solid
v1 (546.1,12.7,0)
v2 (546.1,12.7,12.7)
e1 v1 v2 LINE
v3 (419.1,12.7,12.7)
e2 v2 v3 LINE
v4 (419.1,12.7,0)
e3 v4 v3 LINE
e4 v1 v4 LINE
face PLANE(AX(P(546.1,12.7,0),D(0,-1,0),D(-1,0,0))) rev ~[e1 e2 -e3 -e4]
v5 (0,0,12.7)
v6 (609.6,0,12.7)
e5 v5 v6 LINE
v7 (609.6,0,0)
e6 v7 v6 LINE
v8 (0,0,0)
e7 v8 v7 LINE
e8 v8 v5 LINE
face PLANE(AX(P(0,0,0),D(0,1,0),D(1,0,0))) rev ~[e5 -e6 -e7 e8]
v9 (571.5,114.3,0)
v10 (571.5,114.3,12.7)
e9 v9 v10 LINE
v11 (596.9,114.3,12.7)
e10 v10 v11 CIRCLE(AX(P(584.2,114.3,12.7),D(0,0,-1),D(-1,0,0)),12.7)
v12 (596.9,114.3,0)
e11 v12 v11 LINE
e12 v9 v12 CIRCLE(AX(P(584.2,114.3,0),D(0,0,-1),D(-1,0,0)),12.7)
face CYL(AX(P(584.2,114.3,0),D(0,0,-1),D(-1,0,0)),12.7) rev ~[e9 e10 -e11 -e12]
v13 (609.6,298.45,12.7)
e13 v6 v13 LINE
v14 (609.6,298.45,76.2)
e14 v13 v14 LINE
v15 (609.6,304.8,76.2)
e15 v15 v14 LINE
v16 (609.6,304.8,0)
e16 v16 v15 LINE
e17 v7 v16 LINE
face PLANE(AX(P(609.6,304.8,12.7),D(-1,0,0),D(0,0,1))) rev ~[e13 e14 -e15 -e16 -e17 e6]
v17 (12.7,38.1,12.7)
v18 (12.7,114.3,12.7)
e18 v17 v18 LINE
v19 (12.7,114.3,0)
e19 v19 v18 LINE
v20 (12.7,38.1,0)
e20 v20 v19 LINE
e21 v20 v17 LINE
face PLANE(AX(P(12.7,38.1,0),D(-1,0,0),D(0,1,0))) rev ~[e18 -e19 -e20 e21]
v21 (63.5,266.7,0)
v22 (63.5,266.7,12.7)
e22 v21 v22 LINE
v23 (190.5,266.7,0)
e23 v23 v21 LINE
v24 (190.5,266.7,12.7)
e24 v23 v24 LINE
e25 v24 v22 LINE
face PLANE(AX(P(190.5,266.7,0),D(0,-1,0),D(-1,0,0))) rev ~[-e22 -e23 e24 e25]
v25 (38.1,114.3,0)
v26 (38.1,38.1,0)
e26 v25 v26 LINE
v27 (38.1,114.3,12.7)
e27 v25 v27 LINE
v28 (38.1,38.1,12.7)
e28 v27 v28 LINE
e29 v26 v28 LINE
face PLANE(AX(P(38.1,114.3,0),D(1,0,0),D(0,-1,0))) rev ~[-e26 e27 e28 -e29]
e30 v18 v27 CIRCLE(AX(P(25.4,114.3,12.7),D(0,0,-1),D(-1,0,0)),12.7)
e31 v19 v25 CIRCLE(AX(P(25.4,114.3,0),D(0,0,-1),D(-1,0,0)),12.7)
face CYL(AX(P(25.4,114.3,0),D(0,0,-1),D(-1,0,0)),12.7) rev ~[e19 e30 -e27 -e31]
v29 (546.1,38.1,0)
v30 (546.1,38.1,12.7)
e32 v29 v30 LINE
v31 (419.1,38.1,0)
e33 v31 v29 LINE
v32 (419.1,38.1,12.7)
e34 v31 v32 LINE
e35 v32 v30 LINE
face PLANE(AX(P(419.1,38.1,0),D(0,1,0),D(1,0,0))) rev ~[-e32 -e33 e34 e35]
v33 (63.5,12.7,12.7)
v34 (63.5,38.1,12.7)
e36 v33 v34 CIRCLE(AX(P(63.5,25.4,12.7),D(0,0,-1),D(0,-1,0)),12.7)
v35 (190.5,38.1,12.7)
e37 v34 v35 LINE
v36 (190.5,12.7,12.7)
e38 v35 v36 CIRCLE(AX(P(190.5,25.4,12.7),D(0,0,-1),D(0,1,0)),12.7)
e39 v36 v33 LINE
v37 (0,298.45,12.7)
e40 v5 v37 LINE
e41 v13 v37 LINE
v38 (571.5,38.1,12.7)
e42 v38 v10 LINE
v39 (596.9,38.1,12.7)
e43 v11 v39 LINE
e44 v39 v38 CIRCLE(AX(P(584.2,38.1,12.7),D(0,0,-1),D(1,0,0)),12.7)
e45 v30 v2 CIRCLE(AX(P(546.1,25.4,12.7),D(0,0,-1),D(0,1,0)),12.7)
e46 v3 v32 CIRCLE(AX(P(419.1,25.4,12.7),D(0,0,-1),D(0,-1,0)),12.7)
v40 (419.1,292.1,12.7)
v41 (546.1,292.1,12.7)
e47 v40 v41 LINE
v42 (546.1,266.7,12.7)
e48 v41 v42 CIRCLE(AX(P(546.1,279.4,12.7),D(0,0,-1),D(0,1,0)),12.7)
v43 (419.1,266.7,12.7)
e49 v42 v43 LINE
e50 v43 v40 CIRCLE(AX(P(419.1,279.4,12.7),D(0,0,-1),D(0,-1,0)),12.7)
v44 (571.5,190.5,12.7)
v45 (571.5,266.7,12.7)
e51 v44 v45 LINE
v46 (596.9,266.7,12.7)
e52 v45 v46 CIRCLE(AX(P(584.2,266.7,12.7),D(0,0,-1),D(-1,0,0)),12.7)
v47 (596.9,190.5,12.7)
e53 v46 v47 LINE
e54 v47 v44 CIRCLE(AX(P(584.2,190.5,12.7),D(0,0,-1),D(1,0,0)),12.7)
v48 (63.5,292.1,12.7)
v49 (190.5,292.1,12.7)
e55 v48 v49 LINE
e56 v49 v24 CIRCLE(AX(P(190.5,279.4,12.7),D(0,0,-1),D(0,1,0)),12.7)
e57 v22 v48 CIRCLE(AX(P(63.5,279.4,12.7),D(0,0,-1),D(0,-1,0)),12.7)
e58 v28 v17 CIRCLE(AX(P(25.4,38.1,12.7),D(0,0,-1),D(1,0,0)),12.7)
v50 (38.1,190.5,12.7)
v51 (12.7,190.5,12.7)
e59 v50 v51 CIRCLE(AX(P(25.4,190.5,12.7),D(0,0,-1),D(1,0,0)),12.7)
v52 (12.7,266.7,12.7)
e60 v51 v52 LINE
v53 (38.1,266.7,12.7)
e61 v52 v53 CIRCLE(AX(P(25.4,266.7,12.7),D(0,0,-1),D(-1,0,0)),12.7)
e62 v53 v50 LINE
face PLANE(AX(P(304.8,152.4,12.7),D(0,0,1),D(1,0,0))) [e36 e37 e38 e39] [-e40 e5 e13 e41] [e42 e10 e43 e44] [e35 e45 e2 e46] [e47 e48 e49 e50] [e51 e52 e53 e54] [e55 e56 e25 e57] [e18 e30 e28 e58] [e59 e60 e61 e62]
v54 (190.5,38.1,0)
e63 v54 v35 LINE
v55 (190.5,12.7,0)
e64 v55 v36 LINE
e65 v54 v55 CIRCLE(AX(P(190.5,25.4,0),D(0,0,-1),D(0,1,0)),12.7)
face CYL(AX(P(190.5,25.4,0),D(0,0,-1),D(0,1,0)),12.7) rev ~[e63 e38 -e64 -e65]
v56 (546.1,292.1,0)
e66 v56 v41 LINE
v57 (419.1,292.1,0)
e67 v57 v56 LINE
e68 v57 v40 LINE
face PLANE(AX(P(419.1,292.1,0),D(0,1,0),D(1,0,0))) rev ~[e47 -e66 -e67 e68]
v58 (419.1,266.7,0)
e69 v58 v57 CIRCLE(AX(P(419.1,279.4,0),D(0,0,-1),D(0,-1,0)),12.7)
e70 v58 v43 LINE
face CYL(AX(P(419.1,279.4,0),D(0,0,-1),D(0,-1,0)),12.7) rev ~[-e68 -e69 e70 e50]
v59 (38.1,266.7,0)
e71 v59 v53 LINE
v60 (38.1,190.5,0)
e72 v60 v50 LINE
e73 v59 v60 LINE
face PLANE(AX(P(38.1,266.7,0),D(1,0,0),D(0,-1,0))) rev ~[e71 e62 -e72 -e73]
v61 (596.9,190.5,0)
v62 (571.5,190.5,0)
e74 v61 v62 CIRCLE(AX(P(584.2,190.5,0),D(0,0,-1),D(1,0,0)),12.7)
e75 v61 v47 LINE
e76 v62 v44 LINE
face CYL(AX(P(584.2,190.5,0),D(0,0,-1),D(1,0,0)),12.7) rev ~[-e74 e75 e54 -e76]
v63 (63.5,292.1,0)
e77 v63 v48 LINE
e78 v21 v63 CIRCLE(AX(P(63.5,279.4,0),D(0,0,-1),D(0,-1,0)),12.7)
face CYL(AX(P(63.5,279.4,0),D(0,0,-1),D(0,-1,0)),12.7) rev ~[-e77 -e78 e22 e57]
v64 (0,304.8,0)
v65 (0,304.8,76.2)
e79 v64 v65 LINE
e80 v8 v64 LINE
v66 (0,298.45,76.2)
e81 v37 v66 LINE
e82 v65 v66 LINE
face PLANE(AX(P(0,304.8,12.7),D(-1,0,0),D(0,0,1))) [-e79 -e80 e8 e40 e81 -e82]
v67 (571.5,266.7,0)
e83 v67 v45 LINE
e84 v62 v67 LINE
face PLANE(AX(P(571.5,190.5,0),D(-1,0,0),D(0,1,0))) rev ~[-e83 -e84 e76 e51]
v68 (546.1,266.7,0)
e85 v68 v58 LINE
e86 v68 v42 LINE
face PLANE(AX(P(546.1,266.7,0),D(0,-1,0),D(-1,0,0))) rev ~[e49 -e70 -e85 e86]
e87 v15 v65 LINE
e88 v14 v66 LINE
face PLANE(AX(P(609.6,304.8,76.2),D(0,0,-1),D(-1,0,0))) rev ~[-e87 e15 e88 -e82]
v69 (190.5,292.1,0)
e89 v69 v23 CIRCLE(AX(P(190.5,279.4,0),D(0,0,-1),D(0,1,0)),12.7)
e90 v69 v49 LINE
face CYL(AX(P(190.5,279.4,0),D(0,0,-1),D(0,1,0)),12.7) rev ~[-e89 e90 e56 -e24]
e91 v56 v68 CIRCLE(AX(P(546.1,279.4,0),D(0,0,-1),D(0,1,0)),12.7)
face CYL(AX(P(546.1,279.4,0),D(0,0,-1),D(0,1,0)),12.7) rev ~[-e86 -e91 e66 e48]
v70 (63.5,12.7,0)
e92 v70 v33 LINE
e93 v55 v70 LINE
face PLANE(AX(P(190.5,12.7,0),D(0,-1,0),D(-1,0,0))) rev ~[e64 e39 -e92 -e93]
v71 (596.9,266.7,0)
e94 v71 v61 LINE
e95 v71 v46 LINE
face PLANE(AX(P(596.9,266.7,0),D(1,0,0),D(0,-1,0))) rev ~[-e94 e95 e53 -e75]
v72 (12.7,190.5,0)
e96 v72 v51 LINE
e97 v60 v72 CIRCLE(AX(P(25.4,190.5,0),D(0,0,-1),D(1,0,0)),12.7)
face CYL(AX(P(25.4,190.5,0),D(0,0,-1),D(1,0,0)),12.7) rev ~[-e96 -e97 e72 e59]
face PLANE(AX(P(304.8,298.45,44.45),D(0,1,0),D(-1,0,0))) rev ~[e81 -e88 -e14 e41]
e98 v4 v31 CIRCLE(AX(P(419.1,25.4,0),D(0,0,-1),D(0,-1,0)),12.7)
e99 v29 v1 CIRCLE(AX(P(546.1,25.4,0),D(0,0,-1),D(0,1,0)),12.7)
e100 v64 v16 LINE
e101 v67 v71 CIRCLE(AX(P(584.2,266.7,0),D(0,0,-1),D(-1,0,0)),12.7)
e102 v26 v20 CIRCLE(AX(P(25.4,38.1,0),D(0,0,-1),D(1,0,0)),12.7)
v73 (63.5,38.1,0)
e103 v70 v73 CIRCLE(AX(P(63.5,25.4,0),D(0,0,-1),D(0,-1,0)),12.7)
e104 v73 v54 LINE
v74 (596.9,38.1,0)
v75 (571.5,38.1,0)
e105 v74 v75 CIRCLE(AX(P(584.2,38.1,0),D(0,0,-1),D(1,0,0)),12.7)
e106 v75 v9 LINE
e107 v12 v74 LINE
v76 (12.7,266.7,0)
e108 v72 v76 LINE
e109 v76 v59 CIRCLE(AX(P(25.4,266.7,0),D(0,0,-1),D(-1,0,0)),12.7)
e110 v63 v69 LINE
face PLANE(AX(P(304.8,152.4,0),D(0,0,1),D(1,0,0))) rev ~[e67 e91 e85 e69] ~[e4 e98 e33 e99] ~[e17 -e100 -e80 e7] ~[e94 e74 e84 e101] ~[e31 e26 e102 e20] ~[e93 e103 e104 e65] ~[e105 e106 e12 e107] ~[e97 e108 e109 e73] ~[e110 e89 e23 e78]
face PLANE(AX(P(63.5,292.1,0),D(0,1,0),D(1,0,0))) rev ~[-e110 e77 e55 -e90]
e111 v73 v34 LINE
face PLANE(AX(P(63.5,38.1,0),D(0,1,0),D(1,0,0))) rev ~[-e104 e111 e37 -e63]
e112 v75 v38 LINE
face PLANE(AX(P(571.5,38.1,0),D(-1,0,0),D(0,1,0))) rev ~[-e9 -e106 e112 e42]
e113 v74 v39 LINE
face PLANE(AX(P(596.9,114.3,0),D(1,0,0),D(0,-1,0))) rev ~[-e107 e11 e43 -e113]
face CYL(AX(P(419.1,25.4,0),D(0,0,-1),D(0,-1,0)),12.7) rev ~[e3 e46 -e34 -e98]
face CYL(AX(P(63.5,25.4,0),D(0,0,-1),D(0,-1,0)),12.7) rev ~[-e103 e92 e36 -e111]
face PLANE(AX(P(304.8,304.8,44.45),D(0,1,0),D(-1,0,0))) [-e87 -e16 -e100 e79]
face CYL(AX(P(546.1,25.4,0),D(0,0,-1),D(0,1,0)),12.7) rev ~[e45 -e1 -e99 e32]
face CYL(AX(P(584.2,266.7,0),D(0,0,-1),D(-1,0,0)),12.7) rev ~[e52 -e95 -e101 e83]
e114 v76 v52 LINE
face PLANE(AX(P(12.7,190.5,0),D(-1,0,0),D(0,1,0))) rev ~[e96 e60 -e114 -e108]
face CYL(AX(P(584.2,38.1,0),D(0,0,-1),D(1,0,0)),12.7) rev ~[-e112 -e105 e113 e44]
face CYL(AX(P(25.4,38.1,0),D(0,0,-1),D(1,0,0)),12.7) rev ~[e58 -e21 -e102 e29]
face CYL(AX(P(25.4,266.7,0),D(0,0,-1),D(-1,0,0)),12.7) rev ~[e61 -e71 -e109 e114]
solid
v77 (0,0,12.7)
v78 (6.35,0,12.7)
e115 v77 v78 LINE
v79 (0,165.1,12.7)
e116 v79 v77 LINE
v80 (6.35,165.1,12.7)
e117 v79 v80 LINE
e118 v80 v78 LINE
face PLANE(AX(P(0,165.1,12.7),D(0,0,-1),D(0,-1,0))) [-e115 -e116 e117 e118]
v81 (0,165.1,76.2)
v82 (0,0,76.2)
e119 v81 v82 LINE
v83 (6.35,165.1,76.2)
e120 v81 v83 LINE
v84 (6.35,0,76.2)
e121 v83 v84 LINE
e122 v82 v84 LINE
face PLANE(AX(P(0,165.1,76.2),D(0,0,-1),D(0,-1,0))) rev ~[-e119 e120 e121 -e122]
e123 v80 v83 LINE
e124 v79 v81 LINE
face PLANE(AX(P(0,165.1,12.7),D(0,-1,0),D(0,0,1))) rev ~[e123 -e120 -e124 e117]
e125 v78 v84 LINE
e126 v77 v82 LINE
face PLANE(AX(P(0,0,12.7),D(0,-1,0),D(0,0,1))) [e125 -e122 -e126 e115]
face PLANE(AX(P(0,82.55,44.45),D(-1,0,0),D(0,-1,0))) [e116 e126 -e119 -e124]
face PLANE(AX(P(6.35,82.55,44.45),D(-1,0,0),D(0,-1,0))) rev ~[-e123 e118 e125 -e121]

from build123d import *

# Parameters (mm, degrees)
F0_W     = 609.6
F0_H     = 304.8
F1_DEPTH = 12.7
F2_W     = 609.6
F2_H     = 63.5
F3_DEPTH = 6.35
F4_W     = 165.1
F4_H     = 63.5
F5_DEPTH = 6.35


with BuildPart() as f1:
    # F0 (on Top) → F1 (new body)
    with BuildSketch(Plane.XY):
        with Locations((304.8, 152.4)):
            Rectangle(F0_W, F0_H)
        with BuildLine():
            ThreePointArc((190.5, 38.1), (203.2, 25.4), (190.5, 12.7))
            Line((190.5, 12.7), (63.5, 12.7))
            ThreePointArc((63.5, 12.7), (50.8, 25.4), (63.5, 38.1))
            Line((63.5, 38.1), (190.5, 38.1))
        make_face(mode=Mode.SUBTRACT)
        with BuildLine():
            ThreePointArc((38.1, 38.1), (25.4, 25.4), (12.7, 38.1))
            Line((12.7, 38.1), (12.7, 114.3))
            ThreePointArc((12.7, 114.3), (25.4, 127), (38.1, 114.3))
            Line((38.1, 114.3), (38.1, 38.1))
        make_face(mode=Mode.SUBTRACT)
        with BuildLine():
            ThreePointArc((546.1, 38.1), (558.8, 25.4), (546.1, 12.7))
            Line((546.1, 12.7), (419.1, 12.7))
            ThreePointArc((419.1, 12.7), (406.4, 25.4), (419.1, 38.1))
            Line((419.1, 38.1), (546.1, 38.1))
        make_face(mode=Mode.SUBTRACT)
        with BuildLine():
            ThreePointArc((596.9, 38.1), (584.2, 25.4), (571.5, 38.1))
            Line((571.5, 38.1), (571.5, 114.3))
            ThreePointArc((571.5, 114.3), (584.2, 127), (596.9, 114.3))
            Line((596.9, 114.3), (596.9, 38.1))
        make_face(mode=Mode.SUBTRACT)
        with BuildLine():
            ThreePointArc((38.1, 190.5), (25.4, 177.8), (12.7, 190.5))
            Line((12.7, 190.5), (12.7, 266.7))
            ThreePointArc((12.7, 266.7), (25.4, 279.4), (38.1, 266.7))
            Line((38.1, 266.7), (38.1, 190.5))
        make_face(mode=Mode.SUBTRACT)
        with BuildLine():
            ThreePointArc((190.5, 292.1), (203.2, 279.4), (190.5, 266.7))
            Line((190.5, 266.7), (63.5, 266.7))
            ThreePointArc((63.5, 266.7), (50.8, 279.4), (63.5, 292.1))
            Line((63.5, 292.1), (190.5, 292.1))
        make_face(mode=Mode.SUBTRACT)
        with BuildLine():
            ThreePointArc((596.9, 190.5), (584.2, 177.8), (571.5, 190.5))
            Line((571.5, 190.5), (571.5, 266.7))
            ThreePointArc((571.5, 266.7), (584.2, 279.4), (596.9, 266.7))
            Line((596.9, 266.7), (596.9, 190.5))
        make_face(mode=Mode.SUBTRACT)
        with BuildLine():
            ThreePointArc((546.1, 292.1), (558.8, 279.4), (546.1, 266.7))
            Line((546.1, 266.7), (419.1, 266.7))
            ThreePointArc((419.1, 266.7), (406.4, 279.4), (419.1, 292.1))
            Line((419.1, 292.1), (546.1, 292.1))
        make_face(mode=Mode.SUBTRACT)
    extrude(amount=F1_DEPTH)

    # F2 (on face) → F3 (join)
    with BuildSketch(Plane(origin=(0, 304.8, 0), x_dir=(-1, 0, 0), z_dir=(0, 1, 0))):
        with Locations((-304.8, 44.45)):
            Rectangle(F2_W, F2_H)
    extrude(amount=-F3_DEPTH)


with BuildPart() as f5:
    # F4 (on face) → F5 (new body)
    with BuildSketch(Plane(origin=(0, 0, 0), x_dir=(0, -1, 0), z_dir=(-1, 0, 0))):
        with Locations((-82.55, 44.45)):
            Rectangle(F4_W, F4_H)
    extrude(amount=-F5_DEPTH)


solid = Compound([f1.part, f5.part])
